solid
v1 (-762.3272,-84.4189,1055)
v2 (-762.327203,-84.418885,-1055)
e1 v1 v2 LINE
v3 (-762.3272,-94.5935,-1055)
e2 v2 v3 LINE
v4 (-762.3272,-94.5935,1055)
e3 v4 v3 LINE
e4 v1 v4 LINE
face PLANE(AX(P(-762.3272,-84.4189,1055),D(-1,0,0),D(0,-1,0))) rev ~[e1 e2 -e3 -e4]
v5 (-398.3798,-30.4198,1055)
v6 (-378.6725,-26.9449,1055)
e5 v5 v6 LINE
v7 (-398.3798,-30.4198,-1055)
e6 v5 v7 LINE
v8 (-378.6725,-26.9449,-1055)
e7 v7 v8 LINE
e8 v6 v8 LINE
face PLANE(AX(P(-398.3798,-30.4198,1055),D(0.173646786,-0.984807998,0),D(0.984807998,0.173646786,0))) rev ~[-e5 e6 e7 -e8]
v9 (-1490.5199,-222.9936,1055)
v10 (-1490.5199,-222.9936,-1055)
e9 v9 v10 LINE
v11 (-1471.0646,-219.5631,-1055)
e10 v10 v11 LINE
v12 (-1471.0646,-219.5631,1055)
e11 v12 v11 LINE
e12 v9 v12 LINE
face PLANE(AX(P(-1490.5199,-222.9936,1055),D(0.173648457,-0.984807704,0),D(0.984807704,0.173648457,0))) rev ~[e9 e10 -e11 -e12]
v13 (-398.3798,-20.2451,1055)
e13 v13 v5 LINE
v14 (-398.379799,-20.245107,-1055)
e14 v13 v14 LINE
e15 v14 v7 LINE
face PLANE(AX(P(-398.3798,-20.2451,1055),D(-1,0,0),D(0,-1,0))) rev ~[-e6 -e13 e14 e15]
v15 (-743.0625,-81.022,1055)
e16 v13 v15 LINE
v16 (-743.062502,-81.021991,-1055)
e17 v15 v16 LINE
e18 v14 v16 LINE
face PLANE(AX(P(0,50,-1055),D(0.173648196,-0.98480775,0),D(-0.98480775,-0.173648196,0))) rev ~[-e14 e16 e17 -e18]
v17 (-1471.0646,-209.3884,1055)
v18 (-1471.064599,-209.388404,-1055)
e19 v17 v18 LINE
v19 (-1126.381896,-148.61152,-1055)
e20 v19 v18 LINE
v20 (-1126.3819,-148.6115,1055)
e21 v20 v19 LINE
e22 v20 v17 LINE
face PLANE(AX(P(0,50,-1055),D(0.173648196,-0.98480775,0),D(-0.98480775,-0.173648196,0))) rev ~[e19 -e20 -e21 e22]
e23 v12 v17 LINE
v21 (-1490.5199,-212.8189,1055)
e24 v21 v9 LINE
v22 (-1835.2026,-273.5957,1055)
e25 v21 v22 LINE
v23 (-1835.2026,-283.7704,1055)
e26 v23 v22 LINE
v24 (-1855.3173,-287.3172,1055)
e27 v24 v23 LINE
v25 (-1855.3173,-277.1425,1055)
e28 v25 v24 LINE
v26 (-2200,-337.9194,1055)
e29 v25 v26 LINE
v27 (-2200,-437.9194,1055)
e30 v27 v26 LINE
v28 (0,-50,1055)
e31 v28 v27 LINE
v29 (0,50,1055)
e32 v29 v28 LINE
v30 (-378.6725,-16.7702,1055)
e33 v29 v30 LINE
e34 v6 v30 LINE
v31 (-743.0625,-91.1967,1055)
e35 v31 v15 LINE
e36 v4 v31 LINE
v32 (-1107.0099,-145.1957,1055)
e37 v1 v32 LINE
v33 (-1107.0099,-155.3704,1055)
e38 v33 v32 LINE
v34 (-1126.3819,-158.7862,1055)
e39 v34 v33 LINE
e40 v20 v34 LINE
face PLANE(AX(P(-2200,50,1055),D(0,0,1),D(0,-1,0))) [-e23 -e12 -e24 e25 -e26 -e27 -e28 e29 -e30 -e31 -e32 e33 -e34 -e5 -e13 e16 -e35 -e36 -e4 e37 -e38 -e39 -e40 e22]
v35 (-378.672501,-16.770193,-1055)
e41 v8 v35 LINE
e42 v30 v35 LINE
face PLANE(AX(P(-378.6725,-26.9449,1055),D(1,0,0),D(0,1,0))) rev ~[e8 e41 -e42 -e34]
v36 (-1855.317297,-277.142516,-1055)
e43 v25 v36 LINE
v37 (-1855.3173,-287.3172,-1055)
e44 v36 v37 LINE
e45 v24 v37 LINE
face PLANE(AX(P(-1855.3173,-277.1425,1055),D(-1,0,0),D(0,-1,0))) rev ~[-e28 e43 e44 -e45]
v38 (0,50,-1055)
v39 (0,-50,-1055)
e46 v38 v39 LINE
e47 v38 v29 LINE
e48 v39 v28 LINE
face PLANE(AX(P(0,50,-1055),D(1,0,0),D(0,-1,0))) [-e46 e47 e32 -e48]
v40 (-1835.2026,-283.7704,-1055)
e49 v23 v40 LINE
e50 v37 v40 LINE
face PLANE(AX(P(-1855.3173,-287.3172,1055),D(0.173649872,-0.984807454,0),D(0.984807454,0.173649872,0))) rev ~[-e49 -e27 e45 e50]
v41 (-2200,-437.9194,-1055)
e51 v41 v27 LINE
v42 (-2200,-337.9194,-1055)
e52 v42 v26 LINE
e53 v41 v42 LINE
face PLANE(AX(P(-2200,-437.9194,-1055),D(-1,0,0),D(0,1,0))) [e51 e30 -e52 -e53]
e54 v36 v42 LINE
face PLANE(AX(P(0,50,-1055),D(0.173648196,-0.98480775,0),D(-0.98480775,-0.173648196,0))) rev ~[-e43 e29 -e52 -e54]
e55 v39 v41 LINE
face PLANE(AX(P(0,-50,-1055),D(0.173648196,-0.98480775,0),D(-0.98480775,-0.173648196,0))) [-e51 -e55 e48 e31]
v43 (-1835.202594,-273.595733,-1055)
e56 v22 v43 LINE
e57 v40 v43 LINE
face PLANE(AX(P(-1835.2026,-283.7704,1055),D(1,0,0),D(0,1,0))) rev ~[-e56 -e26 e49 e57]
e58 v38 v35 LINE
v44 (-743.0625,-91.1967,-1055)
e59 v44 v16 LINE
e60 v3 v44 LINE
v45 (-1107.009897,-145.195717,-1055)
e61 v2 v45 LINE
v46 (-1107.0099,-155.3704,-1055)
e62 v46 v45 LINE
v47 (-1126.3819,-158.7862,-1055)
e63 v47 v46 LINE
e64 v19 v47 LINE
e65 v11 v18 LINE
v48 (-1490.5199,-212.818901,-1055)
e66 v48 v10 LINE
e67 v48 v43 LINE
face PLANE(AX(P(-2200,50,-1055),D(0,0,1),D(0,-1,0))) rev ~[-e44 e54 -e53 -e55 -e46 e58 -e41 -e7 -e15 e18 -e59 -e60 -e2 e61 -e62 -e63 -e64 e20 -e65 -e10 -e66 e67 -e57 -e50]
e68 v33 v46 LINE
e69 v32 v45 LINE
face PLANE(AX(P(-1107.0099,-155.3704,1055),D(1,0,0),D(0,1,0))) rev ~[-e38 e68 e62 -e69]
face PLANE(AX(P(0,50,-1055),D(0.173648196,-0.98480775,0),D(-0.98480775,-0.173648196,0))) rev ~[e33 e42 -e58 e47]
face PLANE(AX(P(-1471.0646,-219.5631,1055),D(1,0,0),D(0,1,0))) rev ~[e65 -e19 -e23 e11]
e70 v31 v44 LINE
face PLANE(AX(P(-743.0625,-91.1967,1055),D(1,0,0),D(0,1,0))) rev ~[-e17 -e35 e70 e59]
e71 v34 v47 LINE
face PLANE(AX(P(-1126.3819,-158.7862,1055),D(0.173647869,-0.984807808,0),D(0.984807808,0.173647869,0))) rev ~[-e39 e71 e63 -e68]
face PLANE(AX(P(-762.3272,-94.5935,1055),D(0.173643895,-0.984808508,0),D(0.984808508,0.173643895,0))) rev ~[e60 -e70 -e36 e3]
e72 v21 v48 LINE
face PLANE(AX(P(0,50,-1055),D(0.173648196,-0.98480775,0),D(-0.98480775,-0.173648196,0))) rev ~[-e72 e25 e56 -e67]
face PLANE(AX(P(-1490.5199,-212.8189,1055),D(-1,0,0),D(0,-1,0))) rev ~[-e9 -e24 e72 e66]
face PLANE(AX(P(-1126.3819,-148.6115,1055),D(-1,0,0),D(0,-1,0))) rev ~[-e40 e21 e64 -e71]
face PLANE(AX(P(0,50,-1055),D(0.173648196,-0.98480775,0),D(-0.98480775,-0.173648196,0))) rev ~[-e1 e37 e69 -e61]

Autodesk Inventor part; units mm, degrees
ref_plane "YZ Plane" through (0, 0, 0) normal (1, 0, 0) x (0, 1, 0)
sketch "Sketch1" plane through (0, 0, 0) normal (1, 0, 0) x (0, 1, 0)
  line L0 (-50, 1055) -> (50, 1055)
  line L1 (50, 1055) -> (50, -1055)
  line L2 (50, -1055) -> (-50, -1055)
  line L3 (-50, -1055) -> (-50, 1055)
  line L4 (-50, 1055) -> (50, -1055) construction
  line L5 (50, 1055) -> (-50, -1055) construction
  point P0 (0, 0)
  dimension "d0" = 100
  dimension "d1" = 2110
ref_plane "Work Plane2" through (-2200, 50, 1055) normal (-1, 0, 0) x (0, 0, -1)
ref_plane "Work Plane1" through (0, 50, 1055) normal (-1, 0, 0) x (0, 0, -1)
sketch "Sketch2" plane through (-2200, 50, 1055) normal (-1, 0, 0) x (0, 0, -1)
  line L0 (2110, 0) -> (2110, 100) projected
  point P0 (1055, 50)
ref_plane "Work Plane3" through (-2200, 50, -1055) normal (0, 0, 1) x (0, -1, 0)
sketch "Sketch3" plane through (-2200, 50, -1055) normal (0, 0, 1) x (0, -1, 0)
  line L0 (0, 2200) -> (100, 2200) projected
  line L1 (0, 0) -> (100, 0) projected
  line L2 (0, 2200) -> (387.9194, 0)
  line L3 (0, 2200) -> (2233.9385, 2200) construction
  line L4 (100, 2200) -> (487.9194, 0)
  line L5 (100, 2200) -> (2333.9385, 2200) construction
  line L6 (487.9194, 0) -> (387.9194, 0)
  point P0 (50, 2200)
  dimension "d3" = 80
  dimension "d4" = 80
extrude "Extrusion1" add sketch "Sketch3" along normal blind 2110
sketch "Sketch4" plane through (-2200, 50, 1055) normal (0, 0, 1) x (1, 0, 0)
  line L0 (0, -387.9194) -> (0, -487.9194) projected
  line L1 (0, -387.9194) -> (344.6827, -327.1425)
  line L2 (2200, 0) -> (0, -387.9194) projected
  line L3 (344.6827, -327.1425) -> (344.6827, -337.3172)
  line L4 (344.6827, -337.3172) -> (364.7974, -333.7704)
  line L5 (364.7974, -333.7704) -> (364.7974, -323.5957)
  line L6 (364.7974, -323.5957) -> (709.4801, -262.8189)
  line L7 (709.4801, -262.8189) -> (709.4801, -272.9936)
  line L8 (709.4801, -272.9936) -> (728.9354, -269.5631)
  line L9 (728.9354, -269.5631) -> (728.9354, -259.3884)
  line L10 (728.9354, -259.3884) -> (1073.6181, -198.6115)
  line L11 (1073.6181, -198.6115) -> (1073.6181, -208.7862)
  line L12 (1073.6181, -208.7862) -> (1092.9901, -205.3704)
  line L13 (1092.9901, -205.3704) -> (1092.9901, -195.1957)
  line L14 (1092.9901, -195.1957) -> (1437.6728, -134.4189)
  line L15 (1437.6728, -134.4189) -> (1437.6728, -144.5935)
  line L16 (1437.6728, -144.5935) -> (1456.9375, -141.1967)
  line L17 (1456.9375, -141.1967) -> (1456.9375, -131.022)
  line L18 (1456.9375, -131.022) -> (1801.6202, -70.2451)
  line L19 (1801.6202, -70.2451) -> (1801.6202, -80.4198)
  line L20 (1801.6202, -80.4198) -> (1821.3275, -76.9449)
  line L21 (1821.3275, -76.9449) -> (1821.3275, -66.7702)
  line L22 (1821.3275, -66.7702) -> (2200, 0)
  line L23 (1821.3275, -66.7702) -> (344.6827, -327.1425)
  point P0 (2200, -50)
  dimension "d7" = 350
  dimension "d8" = 350
  dimension "d9" = 350
  dimension "d10" = 350
  dimension "d11" = 350
extrude "Extrusion2" cut sketch "Sketch4" against normal through all
properties part number "eave_panel_side" material "Wood (Maple)"
